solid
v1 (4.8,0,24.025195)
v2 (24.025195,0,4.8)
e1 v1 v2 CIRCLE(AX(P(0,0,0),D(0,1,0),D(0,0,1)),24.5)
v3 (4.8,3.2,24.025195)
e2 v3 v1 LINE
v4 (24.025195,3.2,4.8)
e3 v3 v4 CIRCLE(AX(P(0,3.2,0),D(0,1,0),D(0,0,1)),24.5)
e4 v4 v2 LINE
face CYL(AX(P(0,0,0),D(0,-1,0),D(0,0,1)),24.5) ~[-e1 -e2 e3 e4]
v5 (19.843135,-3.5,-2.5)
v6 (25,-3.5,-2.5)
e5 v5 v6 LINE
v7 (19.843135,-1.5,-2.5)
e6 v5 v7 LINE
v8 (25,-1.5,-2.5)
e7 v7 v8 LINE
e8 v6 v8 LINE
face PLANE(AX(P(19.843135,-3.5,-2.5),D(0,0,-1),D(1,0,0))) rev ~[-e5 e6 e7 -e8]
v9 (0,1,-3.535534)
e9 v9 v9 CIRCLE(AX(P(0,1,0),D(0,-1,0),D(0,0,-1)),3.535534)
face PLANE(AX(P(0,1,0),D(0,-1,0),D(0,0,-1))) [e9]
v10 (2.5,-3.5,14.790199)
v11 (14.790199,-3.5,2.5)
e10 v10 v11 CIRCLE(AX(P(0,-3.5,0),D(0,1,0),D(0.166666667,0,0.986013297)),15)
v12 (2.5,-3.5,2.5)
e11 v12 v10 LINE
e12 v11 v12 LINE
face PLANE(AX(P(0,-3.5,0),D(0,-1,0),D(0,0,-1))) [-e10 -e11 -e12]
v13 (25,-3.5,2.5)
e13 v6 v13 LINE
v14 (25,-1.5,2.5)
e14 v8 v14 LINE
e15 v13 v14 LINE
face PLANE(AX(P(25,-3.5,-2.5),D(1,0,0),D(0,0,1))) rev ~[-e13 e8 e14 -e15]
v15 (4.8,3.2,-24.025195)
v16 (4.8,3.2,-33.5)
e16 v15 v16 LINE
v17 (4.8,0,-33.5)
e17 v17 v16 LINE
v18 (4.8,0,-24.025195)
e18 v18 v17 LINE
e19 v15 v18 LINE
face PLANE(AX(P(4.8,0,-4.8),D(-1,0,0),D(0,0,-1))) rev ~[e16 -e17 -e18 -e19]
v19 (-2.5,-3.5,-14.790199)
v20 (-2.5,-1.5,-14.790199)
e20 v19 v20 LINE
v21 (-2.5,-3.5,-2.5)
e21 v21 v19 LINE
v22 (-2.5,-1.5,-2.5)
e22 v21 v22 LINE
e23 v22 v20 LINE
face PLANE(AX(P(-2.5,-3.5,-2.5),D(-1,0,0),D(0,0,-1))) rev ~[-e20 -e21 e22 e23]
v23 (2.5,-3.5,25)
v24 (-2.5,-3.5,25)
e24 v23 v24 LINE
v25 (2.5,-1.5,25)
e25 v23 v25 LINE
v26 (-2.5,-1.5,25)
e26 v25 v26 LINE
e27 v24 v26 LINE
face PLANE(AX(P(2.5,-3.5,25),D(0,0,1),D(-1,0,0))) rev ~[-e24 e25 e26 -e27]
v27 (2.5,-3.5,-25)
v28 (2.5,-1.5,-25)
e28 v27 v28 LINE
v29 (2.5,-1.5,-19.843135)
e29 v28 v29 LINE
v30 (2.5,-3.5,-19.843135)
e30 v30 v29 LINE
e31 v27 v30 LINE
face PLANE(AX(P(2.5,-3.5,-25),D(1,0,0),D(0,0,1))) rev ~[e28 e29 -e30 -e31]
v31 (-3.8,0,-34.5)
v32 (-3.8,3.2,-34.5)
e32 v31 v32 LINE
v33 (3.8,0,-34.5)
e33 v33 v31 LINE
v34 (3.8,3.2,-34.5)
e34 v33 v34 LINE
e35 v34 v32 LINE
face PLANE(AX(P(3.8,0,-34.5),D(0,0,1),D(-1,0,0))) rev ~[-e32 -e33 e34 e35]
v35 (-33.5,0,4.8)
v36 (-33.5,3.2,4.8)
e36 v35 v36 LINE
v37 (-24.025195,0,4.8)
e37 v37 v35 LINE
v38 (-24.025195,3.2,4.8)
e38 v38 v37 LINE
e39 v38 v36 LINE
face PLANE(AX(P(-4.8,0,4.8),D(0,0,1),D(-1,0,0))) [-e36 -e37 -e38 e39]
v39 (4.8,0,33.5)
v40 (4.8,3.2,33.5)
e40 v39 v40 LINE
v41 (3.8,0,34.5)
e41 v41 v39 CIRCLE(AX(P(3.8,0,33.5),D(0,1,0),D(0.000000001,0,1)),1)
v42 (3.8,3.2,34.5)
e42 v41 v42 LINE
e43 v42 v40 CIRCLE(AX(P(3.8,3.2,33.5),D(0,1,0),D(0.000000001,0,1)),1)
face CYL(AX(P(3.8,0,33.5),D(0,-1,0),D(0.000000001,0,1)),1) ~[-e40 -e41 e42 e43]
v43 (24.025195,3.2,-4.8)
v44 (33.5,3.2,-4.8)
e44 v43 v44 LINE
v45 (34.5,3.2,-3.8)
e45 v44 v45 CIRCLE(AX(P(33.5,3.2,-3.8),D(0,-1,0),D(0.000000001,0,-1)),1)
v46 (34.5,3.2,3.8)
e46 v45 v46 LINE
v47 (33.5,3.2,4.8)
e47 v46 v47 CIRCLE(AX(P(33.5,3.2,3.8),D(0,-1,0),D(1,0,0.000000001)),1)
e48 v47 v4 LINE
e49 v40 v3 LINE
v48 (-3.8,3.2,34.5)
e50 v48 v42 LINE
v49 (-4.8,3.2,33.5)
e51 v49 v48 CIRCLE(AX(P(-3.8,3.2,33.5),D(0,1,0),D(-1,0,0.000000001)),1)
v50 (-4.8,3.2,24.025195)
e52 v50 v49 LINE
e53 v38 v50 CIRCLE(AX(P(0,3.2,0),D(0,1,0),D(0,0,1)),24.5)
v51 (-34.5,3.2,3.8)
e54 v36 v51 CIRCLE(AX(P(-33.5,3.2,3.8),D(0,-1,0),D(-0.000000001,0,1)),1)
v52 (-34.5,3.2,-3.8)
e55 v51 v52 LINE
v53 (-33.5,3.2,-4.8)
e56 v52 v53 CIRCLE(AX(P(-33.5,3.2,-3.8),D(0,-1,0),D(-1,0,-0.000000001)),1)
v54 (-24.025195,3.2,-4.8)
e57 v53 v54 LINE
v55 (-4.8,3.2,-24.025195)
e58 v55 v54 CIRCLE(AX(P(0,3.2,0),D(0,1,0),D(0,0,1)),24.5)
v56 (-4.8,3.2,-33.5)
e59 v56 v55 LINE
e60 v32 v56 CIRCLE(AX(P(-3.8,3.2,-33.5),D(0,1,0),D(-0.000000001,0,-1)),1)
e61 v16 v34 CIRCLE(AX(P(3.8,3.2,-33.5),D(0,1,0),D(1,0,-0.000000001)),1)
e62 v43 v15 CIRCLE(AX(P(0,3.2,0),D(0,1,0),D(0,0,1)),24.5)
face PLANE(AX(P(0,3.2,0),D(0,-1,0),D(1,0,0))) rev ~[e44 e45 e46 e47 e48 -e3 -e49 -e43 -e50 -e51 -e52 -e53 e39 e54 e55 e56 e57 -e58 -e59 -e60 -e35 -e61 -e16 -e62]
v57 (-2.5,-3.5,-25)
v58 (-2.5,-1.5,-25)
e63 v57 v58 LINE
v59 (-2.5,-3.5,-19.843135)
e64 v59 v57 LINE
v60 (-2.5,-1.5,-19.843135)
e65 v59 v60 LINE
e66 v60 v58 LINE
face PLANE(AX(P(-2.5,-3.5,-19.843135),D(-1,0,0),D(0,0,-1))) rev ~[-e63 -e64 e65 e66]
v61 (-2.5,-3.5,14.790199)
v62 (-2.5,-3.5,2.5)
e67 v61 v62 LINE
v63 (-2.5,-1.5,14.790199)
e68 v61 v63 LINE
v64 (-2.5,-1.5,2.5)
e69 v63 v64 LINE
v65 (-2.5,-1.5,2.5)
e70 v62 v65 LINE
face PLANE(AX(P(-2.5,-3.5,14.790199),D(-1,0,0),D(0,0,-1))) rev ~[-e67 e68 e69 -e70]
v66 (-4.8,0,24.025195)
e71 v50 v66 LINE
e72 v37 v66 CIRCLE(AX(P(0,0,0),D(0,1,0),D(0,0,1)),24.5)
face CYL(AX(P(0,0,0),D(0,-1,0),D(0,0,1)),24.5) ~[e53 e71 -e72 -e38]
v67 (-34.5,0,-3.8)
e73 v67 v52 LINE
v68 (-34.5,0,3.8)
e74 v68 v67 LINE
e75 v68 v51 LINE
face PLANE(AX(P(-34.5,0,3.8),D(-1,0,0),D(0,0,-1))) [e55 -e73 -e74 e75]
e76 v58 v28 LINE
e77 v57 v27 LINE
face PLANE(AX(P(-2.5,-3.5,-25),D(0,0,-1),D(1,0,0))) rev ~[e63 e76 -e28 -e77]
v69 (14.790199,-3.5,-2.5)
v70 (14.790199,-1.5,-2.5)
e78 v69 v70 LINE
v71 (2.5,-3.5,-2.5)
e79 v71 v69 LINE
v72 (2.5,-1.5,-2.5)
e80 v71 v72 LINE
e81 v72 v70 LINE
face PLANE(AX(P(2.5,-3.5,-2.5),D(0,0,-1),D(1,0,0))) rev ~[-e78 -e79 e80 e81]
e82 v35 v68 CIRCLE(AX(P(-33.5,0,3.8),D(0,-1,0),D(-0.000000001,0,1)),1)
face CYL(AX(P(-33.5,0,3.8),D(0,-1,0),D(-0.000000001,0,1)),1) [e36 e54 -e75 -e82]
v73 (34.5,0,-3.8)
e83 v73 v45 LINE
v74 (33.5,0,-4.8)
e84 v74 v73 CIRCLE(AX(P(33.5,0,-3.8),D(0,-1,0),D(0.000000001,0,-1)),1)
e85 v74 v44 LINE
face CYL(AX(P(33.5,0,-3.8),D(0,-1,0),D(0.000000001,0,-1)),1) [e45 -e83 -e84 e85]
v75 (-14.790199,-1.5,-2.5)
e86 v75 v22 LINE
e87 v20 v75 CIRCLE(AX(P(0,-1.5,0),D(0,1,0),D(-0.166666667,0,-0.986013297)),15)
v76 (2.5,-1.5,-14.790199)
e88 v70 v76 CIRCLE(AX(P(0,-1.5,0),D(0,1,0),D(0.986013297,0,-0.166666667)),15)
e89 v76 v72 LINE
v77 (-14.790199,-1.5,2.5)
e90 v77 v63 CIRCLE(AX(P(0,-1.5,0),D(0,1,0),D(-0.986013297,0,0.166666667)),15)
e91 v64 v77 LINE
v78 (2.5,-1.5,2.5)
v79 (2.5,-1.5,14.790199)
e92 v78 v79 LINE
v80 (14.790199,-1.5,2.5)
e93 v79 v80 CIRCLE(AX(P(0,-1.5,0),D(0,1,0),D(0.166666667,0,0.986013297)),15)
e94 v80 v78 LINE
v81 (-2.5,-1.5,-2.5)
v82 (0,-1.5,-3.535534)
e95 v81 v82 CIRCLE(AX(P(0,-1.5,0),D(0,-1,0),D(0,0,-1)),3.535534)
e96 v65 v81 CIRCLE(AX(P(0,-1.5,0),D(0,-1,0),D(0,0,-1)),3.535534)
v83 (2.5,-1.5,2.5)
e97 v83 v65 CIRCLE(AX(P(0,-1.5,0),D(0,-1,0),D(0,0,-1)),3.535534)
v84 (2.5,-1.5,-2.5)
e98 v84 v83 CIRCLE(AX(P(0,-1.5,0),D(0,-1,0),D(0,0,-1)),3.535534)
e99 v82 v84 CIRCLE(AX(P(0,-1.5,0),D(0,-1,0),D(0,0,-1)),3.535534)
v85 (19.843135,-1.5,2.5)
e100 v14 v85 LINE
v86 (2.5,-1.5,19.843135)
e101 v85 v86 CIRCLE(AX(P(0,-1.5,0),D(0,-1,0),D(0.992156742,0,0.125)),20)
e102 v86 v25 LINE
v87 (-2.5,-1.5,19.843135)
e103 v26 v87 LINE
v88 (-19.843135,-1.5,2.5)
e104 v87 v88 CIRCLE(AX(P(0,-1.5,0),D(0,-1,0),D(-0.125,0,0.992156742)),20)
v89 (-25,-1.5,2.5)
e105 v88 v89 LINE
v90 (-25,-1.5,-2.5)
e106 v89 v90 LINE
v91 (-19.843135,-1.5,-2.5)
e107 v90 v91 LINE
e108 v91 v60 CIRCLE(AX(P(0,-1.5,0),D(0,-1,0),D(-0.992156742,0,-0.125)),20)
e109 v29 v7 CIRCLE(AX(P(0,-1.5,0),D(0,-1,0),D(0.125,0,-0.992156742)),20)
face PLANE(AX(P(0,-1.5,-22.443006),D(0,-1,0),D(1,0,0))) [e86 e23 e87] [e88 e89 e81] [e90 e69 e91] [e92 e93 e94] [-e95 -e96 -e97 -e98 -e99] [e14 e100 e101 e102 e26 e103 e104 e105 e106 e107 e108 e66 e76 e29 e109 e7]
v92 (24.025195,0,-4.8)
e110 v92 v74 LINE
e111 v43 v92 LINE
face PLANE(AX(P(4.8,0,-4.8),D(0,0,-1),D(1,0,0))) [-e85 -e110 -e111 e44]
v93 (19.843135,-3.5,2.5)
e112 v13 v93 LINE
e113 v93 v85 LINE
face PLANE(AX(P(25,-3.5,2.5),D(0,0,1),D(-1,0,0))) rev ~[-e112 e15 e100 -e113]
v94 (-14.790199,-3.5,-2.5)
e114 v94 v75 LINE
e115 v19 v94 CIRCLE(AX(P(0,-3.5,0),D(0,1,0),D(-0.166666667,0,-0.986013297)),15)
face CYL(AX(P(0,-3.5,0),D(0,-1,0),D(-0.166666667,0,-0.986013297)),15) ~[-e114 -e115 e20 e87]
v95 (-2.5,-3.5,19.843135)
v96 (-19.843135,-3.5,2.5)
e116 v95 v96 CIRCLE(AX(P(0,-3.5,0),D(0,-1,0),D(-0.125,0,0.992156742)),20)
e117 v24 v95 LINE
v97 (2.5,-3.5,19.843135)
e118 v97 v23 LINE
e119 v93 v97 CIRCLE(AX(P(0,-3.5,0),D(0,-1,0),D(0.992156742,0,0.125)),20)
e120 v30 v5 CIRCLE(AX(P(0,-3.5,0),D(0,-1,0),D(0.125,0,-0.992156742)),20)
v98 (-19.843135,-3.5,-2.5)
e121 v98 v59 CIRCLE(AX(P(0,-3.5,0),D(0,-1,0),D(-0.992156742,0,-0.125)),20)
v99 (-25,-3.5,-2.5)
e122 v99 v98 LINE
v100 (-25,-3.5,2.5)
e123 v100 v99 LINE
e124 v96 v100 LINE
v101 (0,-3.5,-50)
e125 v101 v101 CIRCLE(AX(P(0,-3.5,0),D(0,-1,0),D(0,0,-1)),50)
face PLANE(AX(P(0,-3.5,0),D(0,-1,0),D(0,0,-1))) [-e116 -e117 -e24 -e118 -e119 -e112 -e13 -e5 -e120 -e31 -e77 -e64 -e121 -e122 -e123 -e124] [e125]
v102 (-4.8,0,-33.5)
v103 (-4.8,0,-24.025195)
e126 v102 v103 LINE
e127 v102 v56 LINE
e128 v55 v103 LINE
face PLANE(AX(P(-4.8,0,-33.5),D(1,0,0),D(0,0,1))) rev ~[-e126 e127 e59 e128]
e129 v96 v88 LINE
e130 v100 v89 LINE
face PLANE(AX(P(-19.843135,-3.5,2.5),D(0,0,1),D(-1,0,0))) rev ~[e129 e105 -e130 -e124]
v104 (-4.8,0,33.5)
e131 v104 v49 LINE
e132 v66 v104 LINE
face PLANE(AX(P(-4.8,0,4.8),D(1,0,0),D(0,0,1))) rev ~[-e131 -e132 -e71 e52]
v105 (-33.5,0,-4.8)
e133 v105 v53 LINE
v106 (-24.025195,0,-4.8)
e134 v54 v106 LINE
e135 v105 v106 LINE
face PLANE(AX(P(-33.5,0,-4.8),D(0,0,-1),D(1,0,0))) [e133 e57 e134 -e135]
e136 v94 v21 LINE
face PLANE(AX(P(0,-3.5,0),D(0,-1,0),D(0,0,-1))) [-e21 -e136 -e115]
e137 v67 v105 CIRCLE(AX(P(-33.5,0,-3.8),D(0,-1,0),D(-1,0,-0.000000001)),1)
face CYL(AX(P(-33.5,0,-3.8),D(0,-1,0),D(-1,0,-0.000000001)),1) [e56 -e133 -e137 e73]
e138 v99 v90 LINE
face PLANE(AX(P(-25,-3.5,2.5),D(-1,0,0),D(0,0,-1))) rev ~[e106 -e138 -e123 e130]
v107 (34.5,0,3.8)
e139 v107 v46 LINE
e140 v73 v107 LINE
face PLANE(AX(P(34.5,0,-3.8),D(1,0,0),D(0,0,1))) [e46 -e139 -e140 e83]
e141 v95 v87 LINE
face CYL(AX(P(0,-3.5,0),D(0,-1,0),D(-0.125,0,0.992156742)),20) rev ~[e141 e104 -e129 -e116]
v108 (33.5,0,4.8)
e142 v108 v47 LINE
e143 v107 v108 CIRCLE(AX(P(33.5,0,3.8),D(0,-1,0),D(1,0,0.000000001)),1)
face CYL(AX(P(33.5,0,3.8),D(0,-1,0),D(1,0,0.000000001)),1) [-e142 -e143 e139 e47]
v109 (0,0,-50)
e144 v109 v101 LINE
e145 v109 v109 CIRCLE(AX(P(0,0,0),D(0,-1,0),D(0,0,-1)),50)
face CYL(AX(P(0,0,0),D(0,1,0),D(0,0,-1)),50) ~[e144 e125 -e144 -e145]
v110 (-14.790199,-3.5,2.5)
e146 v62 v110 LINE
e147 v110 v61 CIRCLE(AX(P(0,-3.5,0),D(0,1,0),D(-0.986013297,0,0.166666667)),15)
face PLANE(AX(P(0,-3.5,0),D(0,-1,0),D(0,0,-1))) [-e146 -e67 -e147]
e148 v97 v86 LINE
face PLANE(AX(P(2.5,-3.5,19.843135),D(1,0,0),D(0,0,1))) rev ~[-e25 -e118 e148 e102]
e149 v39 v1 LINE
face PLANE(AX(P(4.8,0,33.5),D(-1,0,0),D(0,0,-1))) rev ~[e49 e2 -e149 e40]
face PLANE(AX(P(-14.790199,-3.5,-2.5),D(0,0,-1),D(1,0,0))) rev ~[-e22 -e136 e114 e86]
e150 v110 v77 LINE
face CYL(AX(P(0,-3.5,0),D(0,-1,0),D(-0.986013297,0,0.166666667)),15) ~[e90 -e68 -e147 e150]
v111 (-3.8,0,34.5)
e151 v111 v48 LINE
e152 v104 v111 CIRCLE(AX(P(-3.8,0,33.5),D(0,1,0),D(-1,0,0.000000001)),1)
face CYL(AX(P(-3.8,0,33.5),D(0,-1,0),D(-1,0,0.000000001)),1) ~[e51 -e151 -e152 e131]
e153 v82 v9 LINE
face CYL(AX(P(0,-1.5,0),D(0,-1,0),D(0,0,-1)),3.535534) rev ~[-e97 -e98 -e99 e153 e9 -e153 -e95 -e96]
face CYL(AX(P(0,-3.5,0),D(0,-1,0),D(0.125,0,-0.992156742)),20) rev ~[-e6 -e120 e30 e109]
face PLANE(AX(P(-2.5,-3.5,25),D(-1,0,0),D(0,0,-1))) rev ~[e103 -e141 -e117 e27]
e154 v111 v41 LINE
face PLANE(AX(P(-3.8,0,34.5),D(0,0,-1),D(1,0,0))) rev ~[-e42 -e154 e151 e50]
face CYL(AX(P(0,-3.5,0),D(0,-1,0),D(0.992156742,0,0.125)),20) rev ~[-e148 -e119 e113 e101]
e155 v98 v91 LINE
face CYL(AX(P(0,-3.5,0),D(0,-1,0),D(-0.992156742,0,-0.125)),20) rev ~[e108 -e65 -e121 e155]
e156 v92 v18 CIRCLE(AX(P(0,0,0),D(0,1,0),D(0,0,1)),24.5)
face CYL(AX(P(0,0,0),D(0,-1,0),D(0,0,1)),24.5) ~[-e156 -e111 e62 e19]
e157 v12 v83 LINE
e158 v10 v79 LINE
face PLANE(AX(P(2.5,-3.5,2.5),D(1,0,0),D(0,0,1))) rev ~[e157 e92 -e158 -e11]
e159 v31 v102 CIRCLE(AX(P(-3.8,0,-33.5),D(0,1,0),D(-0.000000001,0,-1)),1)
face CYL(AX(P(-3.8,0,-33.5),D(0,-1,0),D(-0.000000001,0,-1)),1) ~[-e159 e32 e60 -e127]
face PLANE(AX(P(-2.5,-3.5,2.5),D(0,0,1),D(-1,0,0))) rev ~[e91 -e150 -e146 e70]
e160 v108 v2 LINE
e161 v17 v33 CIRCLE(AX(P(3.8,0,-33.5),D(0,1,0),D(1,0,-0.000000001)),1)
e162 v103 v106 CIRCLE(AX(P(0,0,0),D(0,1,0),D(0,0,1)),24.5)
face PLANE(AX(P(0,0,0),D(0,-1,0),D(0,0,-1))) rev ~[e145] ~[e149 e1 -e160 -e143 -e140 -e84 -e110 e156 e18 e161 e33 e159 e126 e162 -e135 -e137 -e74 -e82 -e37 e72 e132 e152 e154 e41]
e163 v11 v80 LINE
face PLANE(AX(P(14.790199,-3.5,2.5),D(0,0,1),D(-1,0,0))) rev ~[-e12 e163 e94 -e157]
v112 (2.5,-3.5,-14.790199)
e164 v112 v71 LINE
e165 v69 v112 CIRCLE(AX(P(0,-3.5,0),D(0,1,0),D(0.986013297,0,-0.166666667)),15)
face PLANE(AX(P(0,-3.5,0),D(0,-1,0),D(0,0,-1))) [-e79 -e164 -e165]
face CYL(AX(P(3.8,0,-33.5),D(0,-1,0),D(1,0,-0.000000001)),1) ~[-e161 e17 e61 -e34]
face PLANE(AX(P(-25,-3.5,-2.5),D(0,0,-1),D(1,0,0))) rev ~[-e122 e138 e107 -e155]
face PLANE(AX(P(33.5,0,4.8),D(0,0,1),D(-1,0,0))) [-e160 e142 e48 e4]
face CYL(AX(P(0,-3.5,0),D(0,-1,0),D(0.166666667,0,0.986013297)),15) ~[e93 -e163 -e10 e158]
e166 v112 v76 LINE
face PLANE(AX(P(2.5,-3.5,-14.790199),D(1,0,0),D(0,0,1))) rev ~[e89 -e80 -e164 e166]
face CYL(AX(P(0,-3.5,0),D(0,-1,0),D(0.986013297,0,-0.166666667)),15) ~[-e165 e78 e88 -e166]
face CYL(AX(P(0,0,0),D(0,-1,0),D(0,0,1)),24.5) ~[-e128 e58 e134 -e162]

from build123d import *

# Parameters (mm, degrees)
CROQUIS5_R              = 24.5
SALIENTE_EXTRUIR3_DEPTH = 3.2
SALIENTE_EXTRUIR4_DEPTH = 3.2
CROQUIS7_R              = 50
SALIENTE_EXTRUIR5_DEPTH = 3.5
CROQUIS8_W              = 5
CROQUIS8_H              = 5
CORTAR_EXTRUIR3_DEPTH   = 2
CROQUIS9_R              = 3.535533906
CORTAR_EXTRUIR4_DEPTH   = 2.5


with BuildPart() as part:
    # Croquis5 → Saliente-Extruir3 (new body)
    with BuildSketch(Plane(origin=(0, 0, 0), x_dir=(1, 0, 0), z_dir=(0, 1, 0))):
        with Locations(Location((0, 0, 0), (0, 0, 270))):
            Circle(CROQUIS5_R)
    extrude(amount=SALIENTE_EXTRUIR3_DEPTH)

    # Croquis6 → Saliente-Extruir4 (add)
    with BuildSketch(Plane.XZ):
        with BuildLine():
            Line((33.5, 4.8), (-33.5, 4.8))
            ThreePointArc((-33.5, 4.8), (-34.207106781, 4.507106781), (-34.5, 3.8))
            Line((-34.5, 3.8), (-34.5, -3.8))
            ThreePointArc((-34.5, -3.8), (-34.207106781, -4.507106781), (-33.5, -4.8))
            Line((-33.5, -4.8), (33.5, -4.8))
            ThreePointArc((33.5, -4.8), (34.207106781, -4.507106781), (34.5, -3.8))
            Line((34.5, -3.8), (34.5, 3.8))
            ThreePointArc((34.5, 3.8), (34.207106781, 4.507106781), (33.5, 4.8))
        make_face()
        with BuildLine():
            Line((3.8, -34.5), (-3.8, -34.5))
            ThreePointArc((-3.8, -34.5), (-4.507106781, -34.207106781), (-4.8, -33.5))
            Line((-4.8, -33.5), (-4.8, 33.5))
            ThreePointArc((-4.8, 33.5), (-4.507106781, 34.207106781), (-3.8, 34.5))
            Line((-3.8, 34.5), (3.8, 34.5))
            ThreePointArc((3.8, 34.5), (4.507106781, 34.207106781), (4.8, 33.5))
            Line((4.8, 33.5), (4.8, -33.5))
            ThreePointArc((4.8, -33.5), (4.507106781, -34.207106781), (3.8, -34.5))
        make_face()
    extrude(amount=-SALIENTE_EXTRUIR4_DEPTH)

    # Croquis7 → Saliente-Extruir5 (add)
    with BuildSketch(Plane.XZ):
        with Locations(Location((0, 0, 0), (0, 0, 270))):
            Circle(CROQUIS7_R)
    extrude(amount=SALIENTE_EXTRUIR5_DEPTH)

    # Croquis8 → Cortar-Extruir3 (cut)
    with BuildSketch(Plane.XZ.offset(3.5)):
        with BuildLine():
            Line((-2.5, -25), (2.5, -25))
            Line((2.5, -25), (2.5, -19.843134833))
            ThreePointArc((2.5, -19.843134833), (0, -20), (-2.5, -19.843134833))
            Line((-2.5, -19.843134833), (-2.5, -25))
        make_face()
        with BuildLine():
            ThreePointArc((-2.5, -19.843134833), (0, -20), (2.5, -19.843134833))
            Line((2.5, -19.843134833), (2.5, -14.790199458))
            ThreePointArc((2.5, -14.790199458), (0, -15), (-2.5, -14.790199458))
            Line((-2.5, -14.790199458), (-2.5, -19.843134833))
        make_face()
        with BuildLine():
            ThreePointArc((2.5, 19.843134833), (0, 20), (-2.5, 19.843134833))
            Line((-2.5, 19.843134833), (-2.5, 14.790199458))
            ThreePointArc((-2.5, 14.790199458), (0, 15), (2.5, 14.790199458))
            Line((2.5, 14.790199458), (2.5, 19.843134833))
        make_face()
        with BuildLine():
            ThreePointArc((-2.5, -14.790199458), (0, -15), (2.5, -14.790199458))
            Line((2.5, -14.790199458), (2.5, -2.5))
            Line((2.5, -2.5), (-2.5, -2.5))
            Line((-2.5, -2.5), (-2.5, -14.790199458))
        make_face()
        Rectangle(CROQUIS8_W, CROQUIS8_H)
        with BuildLine():
            Line((-2.5, 2.5), (2.5, 2.5))
            Line((2.5, 2.5), (2.5, 14.790199458))
            ThreePointArc((2.5, 14.790199458), (0, 15), (-2.5, 14.790199458))
            Line((-2.5, 14.790199458), (-2.5, 2.5))
        make_face()
        with BuildLine():
            Line((-2.5, 25), (-2.5, 19.843134833))
            ThreePointArc((-2.5, 19.843134833), (0, 20), (2.5, 19.843134833))
            Line((2.5, 19.843134833), (2.5, 25))
            Line((2.5, 25), (-2.5, 25))
        make_face()
        with BuildLine():
            Line((2.5, 2.5), (2.5, -2.5))
            Line((2.5, -2.5), (14.790199458, -2.5))
            ThreePointArc((14.790199458, -2.5), (14.947457842, -1.254393904), (15, 0))
            ThreePointArc((15, 0), (14.947457842, 1.254393904), (14.790199458, 2.5))
            Line((14.790199458, 2.5), (2.5, 2.5))
        make_face()
        with BuildLine():
            Line((14.790199458, -2.5), (19.843134833, -2.5))
            ThreePointArc((19.843134833, -2.5), (19.960745185, -1.252458251), (20, 0))
            ThreePointArc((20, 0), (19.960745185, 1.252458251), (19.843134833, 2.5))
            Line((19.843134833, 2.5), (14.790199458, 2.5))
            ThreePointArc((14.790199458, 2.5), (14.947457842, 1.254393904), (15, 0))
            ThreePointArc((15, 0), (14.947457842, -1.254393904), (14.790199458, -2.5))
        make_face()
        with BuildLine():
            ThreePointArc((-19.843134833, 2.5), (-20, 0), (-19.843134833, -2.5))
            Line((-19.843134833, -2.5), (-14.790199458, -2.5))
            ThreePointArc((-14.790199458, -2.5), (-15, 0), (-14.790199458, 2.5))
            Line((-14.790199458, 2.5), (-19.843134833, 2.5))
        make_face()
        with BuildLine():
            ThreePointArc((20, 0), (19.960745185, -1.252458251), (19.843134833, -2.5))
            Line((19.843134833, -2.5), (25, -2.5))
            Line((25, -2.5), (25, 2.5))
            Line((25, 2.5), (19.843134833, 2.5))
            ThreePointArc((19.843134833, 2.5), (19.960745185, 1.252458251), (20, 0))
        make_face()
        with BuildLine():
            Line((-14.790199458, -2.5), (-2.5, -2.5))
            Line((-2.5, -2.5), (-2.5, 2.5))
            Line((-2.5, 2.5), (-14.790199458, 2.5))
            ThreePointArc((-14.790199458, 2.5), (-15, 0), (-14.790199458, -2.5))
        make_face()
        with BuildLine():
            Line((-25, -2.5), (-19.843134833, -2.5))
            ThreePointArc((-19.843134833, -2.5), (-20, 0), (-19.843134833, 2.5))
            Line((-19.843134833, 2.5), (-25, 2.5))
            Line((-25, 2.5), (-25, -2.5))
        make_face()
        with BuildLine():
            ThreePointArc((-2.5, 19.843134833), (-14.142135624, 14.142135624), (-19.843134833, 2.5))
            Line((-19.843134833, 2.5), (-14.790199458, 2.5))
            ThreePointArc((-14.790199458, 2.5), (-10.606601718, 10.606601718), (-2.5, 14.790199458))
            Line((-2.5, 14.790199458), (-2.5, 19.843134833))
        make_face()
        with BuildLine():
            Line((14.790199458, 2.5), (19.843134833, 2.5))
            ThreePointArc((19.843134833, 2.5), (14.142135624, 14.142135624), (2.5, 19.843134833))
            Line((2.5, 19.843134833), (2.5, 14.790199458))
            ThreePointArc((2.5, 14.790199458), (10.606601718, 10.606601718), (14.790199458, 2.5))
        make_face()
        with BuildLine():
            Line((2.5, -14.790199458), (2.5, -19.843134833))
            ThreePointArc((2.5, -19.843134833), (14.142135624, -14.142135624), (19.843134833, -2.5))
            Line((19.843134833, -2.5), (14.790199458, -2.5))
            ThreePointArc((14.790199458, -2.5), (10.606601718, -10.606601718), (2.5, -14.790199458))
        make_face()
        with BuildLine():
            ThreePointArc((-19.843134833, -2.5), (-14.142135624, -14.142135624), (-2.5, -19.843134833))
            Line((-2.5, -19.843134833), (-2.5, -14.790199458))
            ThreePointArc((-2.5, -14.790199458), (-10.606601718, -10.606601718), (-14.790199458, -2.5))
            Line((-14.790199458, -2.5), (-19.843134833, -2.5))
        make_face()
    extrude(amount=-CORTAR_EXTRUIR3_DEPTH, mode=Mode.SUBTRACT)

    # Croquis9 → Cortar-Extruir4 (cut)
    with BuildSketch(Plane.XZ.offset(1.5)):
        with Locations(Location((0, 0, 0), (0, 0, 270))):
            Circle(CROQUIS9_R)
    extrude(amount=-CORTAR_EXTRUIR4_DEPTH, mode=Mode.SUBTRACT)


solid = part.part
